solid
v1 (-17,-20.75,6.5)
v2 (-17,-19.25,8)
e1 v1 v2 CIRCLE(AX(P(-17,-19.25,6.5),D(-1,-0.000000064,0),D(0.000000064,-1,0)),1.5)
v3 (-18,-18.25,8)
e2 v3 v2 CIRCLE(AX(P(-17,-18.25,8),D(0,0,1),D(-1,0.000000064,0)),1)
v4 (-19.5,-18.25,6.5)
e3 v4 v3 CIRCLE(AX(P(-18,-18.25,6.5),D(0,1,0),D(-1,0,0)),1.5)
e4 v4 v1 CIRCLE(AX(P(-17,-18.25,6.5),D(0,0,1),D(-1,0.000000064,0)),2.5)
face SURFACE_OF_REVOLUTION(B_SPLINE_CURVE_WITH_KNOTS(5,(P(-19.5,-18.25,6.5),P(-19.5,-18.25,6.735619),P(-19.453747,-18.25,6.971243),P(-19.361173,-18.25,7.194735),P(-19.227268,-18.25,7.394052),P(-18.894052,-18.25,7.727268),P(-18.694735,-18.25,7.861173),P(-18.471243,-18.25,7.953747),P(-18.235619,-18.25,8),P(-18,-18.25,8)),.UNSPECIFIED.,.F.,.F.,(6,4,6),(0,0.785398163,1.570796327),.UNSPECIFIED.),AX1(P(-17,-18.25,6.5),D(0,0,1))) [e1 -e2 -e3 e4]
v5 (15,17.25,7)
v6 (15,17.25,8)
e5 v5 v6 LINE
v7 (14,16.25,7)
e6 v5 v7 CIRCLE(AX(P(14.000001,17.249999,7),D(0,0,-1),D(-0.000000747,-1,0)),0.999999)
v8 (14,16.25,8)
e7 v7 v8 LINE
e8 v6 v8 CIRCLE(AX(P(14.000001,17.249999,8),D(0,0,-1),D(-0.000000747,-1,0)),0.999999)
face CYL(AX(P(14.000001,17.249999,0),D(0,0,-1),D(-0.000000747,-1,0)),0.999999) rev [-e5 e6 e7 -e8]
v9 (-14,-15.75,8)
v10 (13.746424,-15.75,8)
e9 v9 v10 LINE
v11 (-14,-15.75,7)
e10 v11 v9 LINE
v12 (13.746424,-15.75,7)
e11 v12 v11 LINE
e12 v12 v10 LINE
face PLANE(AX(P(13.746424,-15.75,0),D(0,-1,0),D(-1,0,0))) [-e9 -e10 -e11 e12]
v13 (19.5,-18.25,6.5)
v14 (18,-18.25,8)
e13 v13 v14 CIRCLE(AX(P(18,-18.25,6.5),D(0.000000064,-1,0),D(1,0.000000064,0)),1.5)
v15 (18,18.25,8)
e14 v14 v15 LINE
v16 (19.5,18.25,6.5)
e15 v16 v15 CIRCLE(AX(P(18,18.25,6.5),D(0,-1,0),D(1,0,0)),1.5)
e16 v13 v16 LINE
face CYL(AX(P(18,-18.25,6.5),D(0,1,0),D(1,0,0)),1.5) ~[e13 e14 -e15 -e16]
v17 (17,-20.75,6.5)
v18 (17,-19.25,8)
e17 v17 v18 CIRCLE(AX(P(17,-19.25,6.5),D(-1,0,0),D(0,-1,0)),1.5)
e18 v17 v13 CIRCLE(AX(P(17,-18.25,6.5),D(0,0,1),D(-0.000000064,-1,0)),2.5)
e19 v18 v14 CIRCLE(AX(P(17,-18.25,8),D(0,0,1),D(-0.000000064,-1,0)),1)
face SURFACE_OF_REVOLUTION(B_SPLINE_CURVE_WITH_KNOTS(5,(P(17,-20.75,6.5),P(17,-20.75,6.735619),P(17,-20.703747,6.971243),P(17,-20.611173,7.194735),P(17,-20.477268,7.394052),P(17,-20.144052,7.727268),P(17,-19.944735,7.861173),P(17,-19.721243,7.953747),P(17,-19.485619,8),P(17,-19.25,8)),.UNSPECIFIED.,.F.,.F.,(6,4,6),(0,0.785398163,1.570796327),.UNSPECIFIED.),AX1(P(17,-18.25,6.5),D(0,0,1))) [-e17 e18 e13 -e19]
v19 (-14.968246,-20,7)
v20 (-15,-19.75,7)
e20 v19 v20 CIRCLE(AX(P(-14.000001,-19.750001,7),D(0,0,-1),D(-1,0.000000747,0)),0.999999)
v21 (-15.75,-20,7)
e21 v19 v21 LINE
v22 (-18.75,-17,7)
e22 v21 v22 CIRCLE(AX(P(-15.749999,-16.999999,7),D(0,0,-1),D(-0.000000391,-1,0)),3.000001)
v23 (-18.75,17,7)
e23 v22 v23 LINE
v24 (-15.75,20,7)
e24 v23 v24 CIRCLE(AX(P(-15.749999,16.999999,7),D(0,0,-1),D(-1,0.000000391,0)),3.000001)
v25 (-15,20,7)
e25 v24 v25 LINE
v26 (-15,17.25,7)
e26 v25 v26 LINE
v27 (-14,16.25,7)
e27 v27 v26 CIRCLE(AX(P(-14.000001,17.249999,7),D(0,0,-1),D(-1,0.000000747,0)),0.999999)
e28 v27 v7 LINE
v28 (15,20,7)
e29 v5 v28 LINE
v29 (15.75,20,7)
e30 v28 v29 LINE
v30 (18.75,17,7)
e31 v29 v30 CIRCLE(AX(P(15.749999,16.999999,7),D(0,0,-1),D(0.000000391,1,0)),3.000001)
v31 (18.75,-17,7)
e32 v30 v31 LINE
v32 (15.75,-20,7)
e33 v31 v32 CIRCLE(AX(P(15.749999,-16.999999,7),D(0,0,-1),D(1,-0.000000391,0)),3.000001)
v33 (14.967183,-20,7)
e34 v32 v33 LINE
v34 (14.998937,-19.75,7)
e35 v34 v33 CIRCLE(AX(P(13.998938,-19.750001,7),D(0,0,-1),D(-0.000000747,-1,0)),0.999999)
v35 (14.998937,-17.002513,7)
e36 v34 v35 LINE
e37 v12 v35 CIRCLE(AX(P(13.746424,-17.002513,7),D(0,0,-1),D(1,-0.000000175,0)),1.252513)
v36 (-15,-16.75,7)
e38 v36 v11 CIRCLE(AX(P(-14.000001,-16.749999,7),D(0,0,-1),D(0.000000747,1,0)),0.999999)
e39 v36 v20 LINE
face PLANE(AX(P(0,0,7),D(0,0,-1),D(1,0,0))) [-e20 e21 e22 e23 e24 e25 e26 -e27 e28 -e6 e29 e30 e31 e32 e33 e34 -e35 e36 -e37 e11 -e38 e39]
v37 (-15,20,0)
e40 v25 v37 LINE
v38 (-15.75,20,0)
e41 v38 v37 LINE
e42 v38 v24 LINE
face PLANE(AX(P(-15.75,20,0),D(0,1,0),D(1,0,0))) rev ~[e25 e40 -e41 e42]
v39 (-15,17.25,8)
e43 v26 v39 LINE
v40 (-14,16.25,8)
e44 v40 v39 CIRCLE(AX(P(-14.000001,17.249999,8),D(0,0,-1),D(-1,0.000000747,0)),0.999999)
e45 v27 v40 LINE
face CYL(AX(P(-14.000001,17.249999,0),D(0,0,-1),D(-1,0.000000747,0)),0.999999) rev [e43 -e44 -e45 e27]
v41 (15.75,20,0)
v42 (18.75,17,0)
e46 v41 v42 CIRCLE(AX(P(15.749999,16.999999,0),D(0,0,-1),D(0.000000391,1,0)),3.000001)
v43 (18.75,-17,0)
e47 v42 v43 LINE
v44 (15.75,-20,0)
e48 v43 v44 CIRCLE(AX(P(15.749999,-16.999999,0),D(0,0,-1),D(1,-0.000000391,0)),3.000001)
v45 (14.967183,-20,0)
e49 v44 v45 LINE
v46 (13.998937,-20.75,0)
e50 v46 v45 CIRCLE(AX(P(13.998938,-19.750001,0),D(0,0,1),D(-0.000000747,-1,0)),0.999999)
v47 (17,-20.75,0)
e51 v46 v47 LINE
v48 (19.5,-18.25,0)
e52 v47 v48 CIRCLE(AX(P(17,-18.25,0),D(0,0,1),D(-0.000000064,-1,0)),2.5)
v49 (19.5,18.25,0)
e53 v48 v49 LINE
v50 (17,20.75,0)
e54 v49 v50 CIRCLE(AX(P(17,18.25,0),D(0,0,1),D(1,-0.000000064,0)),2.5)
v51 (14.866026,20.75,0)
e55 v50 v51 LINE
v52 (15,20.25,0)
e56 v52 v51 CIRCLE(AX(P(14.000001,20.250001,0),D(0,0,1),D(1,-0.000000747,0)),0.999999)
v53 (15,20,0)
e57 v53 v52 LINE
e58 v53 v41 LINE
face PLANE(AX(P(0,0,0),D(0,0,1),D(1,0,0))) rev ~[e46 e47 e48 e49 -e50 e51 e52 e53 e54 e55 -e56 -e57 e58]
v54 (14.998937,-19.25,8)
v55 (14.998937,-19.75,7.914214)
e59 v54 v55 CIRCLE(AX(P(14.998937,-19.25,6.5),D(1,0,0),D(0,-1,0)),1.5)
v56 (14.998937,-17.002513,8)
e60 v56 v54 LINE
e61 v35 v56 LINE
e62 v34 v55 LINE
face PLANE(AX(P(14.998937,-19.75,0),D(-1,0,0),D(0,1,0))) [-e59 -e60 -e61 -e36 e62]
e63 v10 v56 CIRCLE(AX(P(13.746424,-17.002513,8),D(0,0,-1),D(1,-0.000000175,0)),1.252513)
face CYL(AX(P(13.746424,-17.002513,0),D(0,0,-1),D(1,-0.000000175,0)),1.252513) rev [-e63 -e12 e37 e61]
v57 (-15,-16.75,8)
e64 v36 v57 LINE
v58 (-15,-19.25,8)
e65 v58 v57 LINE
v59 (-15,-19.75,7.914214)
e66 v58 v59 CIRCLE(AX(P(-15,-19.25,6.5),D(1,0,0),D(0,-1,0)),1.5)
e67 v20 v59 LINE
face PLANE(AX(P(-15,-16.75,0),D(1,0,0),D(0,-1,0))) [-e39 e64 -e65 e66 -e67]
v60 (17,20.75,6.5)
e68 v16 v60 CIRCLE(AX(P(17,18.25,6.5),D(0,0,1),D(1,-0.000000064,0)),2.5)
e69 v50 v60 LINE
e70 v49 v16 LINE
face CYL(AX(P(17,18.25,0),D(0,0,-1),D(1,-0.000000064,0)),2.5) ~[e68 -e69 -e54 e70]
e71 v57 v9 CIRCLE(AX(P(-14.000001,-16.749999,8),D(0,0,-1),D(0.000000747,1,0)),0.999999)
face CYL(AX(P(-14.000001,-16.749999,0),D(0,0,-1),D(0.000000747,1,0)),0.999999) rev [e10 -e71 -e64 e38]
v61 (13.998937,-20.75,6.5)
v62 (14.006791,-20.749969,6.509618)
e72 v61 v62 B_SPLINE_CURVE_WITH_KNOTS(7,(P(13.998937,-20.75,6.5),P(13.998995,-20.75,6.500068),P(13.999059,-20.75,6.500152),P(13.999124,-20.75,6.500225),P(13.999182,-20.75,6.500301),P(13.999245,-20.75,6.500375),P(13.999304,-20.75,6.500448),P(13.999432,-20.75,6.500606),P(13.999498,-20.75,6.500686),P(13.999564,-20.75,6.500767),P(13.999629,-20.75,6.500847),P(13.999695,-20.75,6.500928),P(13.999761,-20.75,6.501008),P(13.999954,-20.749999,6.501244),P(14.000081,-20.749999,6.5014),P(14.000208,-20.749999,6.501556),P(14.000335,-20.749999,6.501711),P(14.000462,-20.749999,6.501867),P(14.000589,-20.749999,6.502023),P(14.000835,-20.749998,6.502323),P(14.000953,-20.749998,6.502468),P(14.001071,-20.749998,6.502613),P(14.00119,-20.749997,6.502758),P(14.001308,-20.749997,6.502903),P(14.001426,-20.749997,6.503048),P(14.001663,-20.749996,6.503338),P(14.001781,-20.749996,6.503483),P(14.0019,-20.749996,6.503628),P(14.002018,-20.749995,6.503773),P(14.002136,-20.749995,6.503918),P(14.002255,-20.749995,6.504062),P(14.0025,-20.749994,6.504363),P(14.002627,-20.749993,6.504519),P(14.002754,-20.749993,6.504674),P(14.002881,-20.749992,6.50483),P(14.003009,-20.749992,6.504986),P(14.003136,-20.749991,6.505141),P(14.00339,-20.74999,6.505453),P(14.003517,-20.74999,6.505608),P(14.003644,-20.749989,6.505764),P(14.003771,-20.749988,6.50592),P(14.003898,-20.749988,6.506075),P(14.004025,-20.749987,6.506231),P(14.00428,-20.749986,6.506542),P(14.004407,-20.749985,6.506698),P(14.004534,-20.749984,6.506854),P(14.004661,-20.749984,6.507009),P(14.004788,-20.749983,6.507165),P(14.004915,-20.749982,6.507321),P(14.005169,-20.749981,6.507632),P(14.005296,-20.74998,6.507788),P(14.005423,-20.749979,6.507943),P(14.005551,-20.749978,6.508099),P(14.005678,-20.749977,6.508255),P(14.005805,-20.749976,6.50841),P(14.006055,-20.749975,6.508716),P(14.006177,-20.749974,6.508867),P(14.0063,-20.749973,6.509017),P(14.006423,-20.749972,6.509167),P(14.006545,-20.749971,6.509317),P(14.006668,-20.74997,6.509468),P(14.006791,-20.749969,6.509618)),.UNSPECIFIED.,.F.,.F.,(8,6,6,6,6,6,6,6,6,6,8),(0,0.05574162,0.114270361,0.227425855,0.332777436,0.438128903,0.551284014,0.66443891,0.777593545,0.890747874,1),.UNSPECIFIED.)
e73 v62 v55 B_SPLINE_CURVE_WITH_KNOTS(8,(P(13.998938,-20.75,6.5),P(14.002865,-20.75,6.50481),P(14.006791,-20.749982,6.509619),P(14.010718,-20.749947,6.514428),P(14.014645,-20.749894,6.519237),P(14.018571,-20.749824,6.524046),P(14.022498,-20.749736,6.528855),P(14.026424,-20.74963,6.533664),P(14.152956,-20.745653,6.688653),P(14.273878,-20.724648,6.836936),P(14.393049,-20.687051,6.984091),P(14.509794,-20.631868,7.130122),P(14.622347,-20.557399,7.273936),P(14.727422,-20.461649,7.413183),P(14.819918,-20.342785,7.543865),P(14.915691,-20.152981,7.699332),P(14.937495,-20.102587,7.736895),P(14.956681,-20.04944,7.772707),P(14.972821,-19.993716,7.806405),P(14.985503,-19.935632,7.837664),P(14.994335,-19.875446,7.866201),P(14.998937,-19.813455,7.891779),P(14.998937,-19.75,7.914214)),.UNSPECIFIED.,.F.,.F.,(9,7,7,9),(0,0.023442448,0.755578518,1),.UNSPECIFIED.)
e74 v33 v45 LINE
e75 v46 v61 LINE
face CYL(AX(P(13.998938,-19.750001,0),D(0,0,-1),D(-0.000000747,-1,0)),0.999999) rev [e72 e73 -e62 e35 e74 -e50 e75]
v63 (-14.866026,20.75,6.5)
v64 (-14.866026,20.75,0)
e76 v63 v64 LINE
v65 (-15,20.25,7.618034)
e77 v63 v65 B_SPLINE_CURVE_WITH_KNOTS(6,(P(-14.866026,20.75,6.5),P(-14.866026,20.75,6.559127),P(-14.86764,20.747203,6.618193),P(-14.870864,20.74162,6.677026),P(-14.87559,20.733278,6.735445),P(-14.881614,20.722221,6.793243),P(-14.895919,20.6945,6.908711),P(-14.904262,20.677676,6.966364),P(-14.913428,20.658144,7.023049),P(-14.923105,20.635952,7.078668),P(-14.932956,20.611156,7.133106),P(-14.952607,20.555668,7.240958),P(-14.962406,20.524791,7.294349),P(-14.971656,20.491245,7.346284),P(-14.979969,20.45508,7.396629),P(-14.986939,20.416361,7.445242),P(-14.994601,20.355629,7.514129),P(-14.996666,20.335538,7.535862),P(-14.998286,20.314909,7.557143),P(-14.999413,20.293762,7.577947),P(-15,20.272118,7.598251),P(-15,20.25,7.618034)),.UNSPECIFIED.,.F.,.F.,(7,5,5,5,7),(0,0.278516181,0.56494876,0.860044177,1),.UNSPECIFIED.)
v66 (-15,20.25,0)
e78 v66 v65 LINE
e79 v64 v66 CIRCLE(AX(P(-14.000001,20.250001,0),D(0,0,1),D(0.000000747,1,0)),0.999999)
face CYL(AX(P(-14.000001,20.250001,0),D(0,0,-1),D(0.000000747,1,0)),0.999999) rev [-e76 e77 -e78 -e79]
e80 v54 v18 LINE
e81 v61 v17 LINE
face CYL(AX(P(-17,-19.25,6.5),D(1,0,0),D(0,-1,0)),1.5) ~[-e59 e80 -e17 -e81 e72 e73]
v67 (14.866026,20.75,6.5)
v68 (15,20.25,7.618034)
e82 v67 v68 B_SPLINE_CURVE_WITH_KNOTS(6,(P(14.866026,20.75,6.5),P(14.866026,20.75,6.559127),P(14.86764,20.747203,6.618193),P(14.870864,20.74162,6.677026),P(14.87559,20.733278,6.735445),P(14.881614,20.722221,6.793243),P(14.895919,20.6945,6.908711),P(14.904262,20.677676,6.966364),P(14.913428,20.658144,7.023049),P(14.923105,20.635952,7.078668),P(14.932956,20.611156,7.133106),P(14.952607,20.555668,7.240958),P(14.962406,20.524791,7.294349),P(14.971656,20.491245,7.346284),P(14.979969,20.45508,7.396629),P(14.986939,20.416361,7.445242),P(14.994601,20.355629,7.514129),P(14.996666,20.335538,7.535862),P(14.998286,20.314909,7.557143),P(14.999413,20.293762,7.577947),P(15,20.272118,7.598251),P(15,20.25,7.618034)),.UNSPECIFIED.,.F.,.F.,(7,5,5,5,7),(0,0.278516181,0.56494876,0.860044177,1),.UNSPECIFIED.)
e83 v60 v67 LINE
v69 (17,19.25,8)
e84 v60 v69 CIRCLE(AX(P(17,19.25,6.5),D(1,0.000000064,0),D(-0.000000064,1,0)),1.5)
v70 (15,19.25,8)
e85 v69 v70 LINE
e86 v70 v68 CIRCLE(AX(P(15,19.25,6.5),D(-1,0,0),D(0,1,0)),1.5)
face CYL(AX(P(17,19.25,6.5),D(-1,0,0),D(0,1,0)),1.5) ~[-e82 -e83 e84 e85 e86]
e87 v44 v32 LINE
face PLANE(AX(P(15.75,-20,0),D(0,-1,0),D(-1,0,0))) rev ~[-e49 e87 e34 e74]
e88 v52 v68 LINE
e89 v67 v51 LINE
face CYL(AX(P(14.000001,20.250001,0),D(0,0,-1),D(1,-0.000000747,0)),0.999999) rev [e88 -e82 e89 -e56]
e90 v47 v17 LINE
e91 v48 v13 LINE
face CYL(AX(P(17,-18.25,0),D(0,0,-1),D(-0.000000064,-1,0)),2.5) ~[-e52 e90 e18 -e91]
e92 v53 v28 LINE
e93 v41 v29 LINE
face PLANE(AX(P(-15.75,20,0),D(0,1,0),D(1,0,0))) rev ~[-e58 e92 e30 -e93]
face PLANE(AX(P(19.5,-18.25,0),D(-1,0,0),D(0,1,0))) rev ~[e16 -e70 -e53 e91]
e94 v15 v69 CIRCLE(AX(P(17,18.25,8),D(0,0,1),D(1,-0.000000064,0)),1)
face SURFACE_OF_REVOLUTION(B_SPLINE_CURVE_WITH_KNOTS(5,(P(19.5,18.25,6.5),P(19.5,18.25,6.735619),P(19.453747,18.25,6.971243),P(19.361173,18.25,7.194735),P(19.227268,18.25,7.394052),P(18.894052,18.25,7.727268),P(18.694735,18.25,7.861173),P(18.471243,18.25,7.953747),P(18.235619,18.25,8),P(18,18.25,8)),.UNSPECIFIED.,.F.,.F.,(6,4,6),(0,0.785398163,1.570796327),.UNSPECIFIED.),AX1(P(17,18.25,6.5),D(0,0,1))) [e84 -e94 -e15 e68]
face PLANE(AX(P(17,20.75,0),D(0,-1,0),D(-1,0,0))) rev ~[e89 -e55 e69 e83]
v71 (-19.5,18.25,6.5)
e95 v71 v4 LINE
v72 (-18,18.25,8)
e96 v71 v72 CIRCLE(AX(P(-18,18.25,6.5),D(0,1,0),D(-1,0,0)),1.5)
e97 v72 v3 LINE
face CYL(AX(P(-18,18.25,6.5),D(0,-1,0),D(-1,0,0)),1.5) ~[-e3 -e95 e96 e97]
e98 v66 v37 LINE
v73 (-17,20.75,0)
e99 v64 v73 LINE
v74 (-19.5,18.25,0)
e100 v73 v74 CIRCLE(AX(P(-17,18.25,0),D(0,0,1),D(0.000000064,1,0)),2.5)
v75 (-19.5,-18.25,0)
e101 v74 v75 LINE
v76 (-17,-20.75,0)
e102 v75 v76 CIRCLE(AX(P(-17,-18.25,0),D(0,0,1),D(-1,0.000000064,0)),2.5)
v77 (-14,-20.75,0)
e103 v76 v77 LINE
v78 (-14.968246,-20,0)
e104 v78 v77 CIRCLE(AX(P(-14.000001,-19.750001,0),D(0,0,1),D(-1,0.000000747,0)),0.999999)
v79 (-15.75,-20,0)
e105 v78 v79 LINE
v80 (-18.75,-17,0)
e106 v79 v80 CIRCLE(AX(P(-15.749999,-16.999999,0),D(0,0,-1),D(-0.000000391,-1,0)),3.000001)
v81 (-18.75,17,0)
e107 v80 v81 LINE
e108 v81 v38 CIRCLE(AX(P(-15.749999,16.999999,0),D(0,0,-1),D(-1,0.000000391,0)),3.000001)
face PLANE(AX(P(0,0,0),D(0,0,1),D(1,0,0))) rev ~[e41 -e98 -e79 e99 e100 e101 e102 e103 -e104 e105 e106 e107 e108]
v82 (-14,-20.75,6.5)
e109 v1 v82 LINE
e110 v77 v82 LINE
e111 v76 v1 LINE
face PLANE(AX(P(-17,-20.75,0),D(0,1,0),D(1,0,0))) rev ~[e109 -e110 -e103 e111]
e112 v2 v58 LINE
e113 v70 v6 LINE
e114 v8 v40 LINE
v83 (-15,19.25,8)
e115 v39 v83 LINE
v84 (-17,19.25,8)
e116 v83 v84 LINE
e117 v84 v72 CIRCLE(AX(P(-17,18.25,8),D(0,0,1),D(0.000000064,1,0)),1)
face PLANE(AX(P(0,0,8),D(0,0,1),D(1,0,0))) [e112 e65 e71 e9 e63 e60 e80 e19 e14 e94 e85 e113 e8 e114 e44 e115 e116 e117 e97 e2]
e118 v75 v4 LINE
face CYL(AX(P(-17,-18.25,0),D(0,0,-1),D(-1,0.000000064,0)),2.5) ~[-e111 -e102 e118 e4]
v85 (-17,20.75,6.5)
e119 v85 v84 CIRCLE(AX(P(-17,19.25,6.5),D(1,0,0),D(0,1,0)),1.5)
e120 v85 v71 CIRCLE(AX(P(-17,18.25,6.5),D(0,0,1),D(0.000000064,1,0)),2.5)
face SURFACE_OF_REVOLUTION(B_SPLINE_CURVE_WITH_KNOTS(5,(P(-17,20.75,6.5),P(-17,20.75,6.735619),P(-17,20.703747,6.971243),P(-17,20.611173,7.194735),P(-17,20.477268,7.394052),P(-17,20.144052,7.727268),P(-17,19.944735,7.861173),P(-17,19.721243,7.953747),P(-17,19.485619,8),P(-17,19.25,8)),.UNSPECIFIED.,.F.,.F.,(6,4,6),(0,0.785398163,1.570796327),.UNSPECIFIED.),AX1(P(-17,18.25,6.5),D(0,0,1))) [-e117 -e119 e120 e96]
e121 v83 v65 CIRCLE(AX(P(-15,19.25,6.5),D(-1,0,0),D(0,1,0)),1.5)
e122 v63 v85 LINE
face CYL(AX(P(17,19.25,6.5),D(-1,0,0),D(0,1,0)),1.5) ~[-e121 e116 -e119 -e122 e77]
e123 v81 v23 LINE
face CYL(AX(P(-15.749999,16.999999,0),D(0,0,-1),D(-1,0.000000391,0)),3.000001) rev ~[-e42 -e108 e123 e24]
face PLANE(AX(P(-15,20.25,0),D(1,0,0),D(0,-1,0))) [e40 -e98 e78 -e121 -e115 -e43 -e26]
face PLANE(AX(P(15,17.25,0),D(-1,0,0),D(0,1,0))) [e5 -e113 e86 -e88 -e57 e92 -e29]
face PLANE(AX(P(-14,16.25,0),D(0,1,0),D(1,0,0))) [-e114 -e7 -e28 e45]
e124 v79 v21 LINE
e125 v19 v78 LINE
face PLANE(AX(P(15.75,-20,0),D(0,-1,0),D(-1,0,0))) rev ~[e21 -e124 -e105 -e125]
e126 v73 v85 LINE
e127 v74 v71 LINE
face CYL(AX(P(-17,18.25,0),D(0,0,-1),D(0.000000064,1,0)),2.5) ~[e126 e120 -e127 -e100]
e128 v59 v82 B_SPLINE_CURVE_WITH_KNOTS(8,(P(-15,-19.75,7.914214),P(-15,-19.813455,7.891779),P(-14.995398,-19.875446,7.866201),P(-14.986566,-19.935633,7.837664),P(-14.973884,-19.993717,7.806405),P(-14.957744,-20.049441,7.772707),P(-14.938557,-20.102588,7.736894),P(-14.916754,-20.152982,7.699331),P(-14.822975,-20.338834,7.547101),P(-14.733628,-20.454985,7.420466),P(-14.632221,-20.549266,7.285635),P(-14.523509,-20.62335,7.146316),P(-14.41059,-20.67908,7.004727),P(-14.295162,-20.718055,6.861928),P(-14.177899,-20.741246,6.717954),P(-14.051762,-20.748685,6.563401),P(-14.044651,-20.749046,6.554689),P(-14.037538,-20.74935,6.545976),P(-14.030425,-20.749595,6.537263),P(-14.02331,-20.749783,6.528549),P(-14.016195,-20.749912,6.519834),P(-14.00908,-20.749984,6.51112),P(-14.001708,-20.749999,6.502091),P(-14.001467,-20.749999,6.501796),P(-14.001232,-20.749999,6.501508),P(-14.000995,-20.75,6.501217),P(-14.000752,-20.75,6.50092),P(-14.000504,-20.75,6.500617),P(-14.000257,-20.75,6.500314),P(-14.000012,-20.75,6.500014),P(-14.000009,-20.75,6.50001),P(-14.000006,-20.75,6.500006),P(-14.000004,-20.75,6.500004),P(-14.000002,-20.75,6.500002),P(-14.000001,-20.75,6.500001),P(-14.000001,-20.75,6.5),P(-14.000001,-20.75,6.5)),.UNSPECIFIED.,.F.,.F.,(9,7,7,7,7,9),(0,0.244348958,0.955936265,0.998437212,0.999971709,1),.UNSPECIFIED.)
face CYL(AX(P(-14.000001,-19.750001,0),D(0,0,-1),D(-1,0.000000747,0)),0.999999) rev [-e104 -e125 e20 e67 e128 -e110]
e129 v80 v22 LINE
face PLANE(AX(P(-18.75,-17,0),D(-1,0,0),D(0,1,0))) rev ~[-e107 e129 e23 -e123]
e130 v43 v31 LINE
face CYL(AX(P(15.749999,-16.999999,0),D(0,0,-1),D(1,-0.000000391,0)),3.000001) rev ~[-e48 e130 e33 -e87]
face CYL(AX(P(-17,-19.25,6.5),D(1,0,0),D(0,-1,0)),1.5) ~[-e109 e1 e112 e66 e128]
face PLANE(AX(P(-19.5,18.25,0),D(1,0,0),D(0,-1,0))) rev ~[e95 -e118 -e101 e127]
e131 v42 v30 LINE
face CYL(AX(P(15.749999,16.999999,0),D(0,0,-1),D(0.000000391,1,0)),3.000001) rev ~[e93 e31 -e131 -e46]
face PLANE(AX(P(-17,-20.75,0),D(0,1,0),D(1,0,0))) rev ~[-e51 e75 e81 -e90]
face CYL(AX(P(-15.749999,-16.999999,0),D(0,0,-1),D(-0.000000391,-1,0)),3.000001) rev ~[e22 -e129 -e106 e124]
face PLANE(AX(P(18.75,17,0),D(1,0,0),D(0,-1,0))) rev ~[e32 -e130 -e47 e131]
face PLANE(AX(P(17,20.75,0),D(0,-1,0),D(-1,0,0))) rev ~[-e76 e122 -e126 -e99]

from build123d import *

# Parameters (mm, degrees)
PAD_DEPTH       = 8
FILLET_R        = 1.5
POCKET_DEPTH    = 7
POCKET001_DEPTH = 10
POCKET002_DEPTH = 10


with BuildPart() as part:
    # Sketch → Pad (new body)
    with BuildSketch(Plane.XY):
        with BuildLine():
            Line((-19.5, 18.25), (-19.5, -18.25))
            ThreePointArc((-19.5, -18.25), (-18.767767, -20.017767), (-17, -20.75))
            Line((-17, -20.75), (17, -20.75))
            ThreePointArc((17, -20.75), (18.767767, -20.017767), (19.5, -18.25))
            Line((19.5, -18.25), (19.5, 18.25))
            ThreePointArc((19.5, 18.25), (18.767767, 20.017767), (17, 20.75))
            Line((17, 20.75), (-17, 20.75))
            ThreePointArc((-17, 20.75), (-18.767767, 20.017767), (-19.5, 18.25))
        make_face()
    extrude(amount=PAD_DEPTH)

    # Fillet
    fillet_edges = [part.edges().sort_by_distance(p)[0] for p in [
        (-19.5, 0, 8),
        (-18.767767, -20.017767, 8),
        (0, -20.75, 8),
        (18.767767, -20.017767, 8),
        (19.5, 0, 8),
        (18.767767, 20.017767, 8),
        (0, 20.75, 8),
        (-18.767767, 20.017767, 8),
    ]]
    fillet(fillet_edges, radius=FILLET_R)

    # Sketch001 (on Face4 of Fillet) → Pocket (cut)
    with BuildSketch(Plane(origin=(0, 0, 0), x_dir=(1, 0, 0), z_dir=(0, 0, -1))):
        with BuildLine():
            Line((-18.75, 17), (-18.75, -17))
            ThreePointArc((-18.75, -17), (-17.87132, -19.12132), (-15.75, -20))
            Line((-15.75, -20), (15.75, -20))
            ThreePointArc((15.75, -20), (17.87132, -19.12132), (18.75, -17))
            Line((18.75, -17), (18.75, 17))
            ThreePointArc((18.75, 17), (17.87132, 19.12132), (15.75, 20))
            Line((15.75, 20), (-15.75, 20))
            ThreePointArc((-15.75, 20), (-17.87132, 19.12132), (-18.75, 17))
        make_face()
    extrude(amount=-POCKET_DEPTH, mode=Mode.SUBTRACT)

    # Sketch003 → Pocket001 (cut)
    with BuildSketch(Plane.XY):
        with BuildLine():
            Line((-15, 20.25), (-15, 17.25))
            ThreePointArc((-15, 17.25), (-14.707107, 16.542893), (-14, 16.25))
            Line((-14, 16.25), (14, 16.25))
            ThreePointArc((14, 16.25), (14.707107, 16.542893), (15, 17.25))
            Line((15, 17.25), (15, 20.25))
            ThreePointArc((15, 20.25), (14.707107, 20.957107), (14, 21.25))
            Line((14, 21.25), (-14, 21.25))
            ThreePointArc((-14, 21.25), (-14.707107, 20.957107), (-15, 20.25))
        make_face()
    extrude(amount=POCKET001_DEPTH, mode=Mode.SUBTRACT)

    # Sketch004 → Pocket002 (cut)
    with BuildSketch(Plane.XY):
        with BuildLine():
            Line((-15, -16.75), (-15, -19.75))
            ThreePointArc((-15, -19.75), (-14.707107, -20.457107), (-14, -20.75))
            Line((-14, -20.75), (13.998937, -20.75))
            ThreePointArc((13.998937, -20.75), (14.706044, -20.457107), (14.998937, -19.75))
            Line((14.998937, -19.75), (14.998937, -17.002513))
            ThreePointArc((14.998937, -17.002513), (14.632085, -16.116853), (13.746424, -15.75))
            Line((13.746424, -15.75), (-14, -15.75))
            ThreePointArc((-14, -15.75), (-14.707107, -16.042893), (-15, -16.75))
        make_face()
    extrude(amount=POCKET002_DEPTH, mode=Mode.SUBTRACT)


solid = part.part
